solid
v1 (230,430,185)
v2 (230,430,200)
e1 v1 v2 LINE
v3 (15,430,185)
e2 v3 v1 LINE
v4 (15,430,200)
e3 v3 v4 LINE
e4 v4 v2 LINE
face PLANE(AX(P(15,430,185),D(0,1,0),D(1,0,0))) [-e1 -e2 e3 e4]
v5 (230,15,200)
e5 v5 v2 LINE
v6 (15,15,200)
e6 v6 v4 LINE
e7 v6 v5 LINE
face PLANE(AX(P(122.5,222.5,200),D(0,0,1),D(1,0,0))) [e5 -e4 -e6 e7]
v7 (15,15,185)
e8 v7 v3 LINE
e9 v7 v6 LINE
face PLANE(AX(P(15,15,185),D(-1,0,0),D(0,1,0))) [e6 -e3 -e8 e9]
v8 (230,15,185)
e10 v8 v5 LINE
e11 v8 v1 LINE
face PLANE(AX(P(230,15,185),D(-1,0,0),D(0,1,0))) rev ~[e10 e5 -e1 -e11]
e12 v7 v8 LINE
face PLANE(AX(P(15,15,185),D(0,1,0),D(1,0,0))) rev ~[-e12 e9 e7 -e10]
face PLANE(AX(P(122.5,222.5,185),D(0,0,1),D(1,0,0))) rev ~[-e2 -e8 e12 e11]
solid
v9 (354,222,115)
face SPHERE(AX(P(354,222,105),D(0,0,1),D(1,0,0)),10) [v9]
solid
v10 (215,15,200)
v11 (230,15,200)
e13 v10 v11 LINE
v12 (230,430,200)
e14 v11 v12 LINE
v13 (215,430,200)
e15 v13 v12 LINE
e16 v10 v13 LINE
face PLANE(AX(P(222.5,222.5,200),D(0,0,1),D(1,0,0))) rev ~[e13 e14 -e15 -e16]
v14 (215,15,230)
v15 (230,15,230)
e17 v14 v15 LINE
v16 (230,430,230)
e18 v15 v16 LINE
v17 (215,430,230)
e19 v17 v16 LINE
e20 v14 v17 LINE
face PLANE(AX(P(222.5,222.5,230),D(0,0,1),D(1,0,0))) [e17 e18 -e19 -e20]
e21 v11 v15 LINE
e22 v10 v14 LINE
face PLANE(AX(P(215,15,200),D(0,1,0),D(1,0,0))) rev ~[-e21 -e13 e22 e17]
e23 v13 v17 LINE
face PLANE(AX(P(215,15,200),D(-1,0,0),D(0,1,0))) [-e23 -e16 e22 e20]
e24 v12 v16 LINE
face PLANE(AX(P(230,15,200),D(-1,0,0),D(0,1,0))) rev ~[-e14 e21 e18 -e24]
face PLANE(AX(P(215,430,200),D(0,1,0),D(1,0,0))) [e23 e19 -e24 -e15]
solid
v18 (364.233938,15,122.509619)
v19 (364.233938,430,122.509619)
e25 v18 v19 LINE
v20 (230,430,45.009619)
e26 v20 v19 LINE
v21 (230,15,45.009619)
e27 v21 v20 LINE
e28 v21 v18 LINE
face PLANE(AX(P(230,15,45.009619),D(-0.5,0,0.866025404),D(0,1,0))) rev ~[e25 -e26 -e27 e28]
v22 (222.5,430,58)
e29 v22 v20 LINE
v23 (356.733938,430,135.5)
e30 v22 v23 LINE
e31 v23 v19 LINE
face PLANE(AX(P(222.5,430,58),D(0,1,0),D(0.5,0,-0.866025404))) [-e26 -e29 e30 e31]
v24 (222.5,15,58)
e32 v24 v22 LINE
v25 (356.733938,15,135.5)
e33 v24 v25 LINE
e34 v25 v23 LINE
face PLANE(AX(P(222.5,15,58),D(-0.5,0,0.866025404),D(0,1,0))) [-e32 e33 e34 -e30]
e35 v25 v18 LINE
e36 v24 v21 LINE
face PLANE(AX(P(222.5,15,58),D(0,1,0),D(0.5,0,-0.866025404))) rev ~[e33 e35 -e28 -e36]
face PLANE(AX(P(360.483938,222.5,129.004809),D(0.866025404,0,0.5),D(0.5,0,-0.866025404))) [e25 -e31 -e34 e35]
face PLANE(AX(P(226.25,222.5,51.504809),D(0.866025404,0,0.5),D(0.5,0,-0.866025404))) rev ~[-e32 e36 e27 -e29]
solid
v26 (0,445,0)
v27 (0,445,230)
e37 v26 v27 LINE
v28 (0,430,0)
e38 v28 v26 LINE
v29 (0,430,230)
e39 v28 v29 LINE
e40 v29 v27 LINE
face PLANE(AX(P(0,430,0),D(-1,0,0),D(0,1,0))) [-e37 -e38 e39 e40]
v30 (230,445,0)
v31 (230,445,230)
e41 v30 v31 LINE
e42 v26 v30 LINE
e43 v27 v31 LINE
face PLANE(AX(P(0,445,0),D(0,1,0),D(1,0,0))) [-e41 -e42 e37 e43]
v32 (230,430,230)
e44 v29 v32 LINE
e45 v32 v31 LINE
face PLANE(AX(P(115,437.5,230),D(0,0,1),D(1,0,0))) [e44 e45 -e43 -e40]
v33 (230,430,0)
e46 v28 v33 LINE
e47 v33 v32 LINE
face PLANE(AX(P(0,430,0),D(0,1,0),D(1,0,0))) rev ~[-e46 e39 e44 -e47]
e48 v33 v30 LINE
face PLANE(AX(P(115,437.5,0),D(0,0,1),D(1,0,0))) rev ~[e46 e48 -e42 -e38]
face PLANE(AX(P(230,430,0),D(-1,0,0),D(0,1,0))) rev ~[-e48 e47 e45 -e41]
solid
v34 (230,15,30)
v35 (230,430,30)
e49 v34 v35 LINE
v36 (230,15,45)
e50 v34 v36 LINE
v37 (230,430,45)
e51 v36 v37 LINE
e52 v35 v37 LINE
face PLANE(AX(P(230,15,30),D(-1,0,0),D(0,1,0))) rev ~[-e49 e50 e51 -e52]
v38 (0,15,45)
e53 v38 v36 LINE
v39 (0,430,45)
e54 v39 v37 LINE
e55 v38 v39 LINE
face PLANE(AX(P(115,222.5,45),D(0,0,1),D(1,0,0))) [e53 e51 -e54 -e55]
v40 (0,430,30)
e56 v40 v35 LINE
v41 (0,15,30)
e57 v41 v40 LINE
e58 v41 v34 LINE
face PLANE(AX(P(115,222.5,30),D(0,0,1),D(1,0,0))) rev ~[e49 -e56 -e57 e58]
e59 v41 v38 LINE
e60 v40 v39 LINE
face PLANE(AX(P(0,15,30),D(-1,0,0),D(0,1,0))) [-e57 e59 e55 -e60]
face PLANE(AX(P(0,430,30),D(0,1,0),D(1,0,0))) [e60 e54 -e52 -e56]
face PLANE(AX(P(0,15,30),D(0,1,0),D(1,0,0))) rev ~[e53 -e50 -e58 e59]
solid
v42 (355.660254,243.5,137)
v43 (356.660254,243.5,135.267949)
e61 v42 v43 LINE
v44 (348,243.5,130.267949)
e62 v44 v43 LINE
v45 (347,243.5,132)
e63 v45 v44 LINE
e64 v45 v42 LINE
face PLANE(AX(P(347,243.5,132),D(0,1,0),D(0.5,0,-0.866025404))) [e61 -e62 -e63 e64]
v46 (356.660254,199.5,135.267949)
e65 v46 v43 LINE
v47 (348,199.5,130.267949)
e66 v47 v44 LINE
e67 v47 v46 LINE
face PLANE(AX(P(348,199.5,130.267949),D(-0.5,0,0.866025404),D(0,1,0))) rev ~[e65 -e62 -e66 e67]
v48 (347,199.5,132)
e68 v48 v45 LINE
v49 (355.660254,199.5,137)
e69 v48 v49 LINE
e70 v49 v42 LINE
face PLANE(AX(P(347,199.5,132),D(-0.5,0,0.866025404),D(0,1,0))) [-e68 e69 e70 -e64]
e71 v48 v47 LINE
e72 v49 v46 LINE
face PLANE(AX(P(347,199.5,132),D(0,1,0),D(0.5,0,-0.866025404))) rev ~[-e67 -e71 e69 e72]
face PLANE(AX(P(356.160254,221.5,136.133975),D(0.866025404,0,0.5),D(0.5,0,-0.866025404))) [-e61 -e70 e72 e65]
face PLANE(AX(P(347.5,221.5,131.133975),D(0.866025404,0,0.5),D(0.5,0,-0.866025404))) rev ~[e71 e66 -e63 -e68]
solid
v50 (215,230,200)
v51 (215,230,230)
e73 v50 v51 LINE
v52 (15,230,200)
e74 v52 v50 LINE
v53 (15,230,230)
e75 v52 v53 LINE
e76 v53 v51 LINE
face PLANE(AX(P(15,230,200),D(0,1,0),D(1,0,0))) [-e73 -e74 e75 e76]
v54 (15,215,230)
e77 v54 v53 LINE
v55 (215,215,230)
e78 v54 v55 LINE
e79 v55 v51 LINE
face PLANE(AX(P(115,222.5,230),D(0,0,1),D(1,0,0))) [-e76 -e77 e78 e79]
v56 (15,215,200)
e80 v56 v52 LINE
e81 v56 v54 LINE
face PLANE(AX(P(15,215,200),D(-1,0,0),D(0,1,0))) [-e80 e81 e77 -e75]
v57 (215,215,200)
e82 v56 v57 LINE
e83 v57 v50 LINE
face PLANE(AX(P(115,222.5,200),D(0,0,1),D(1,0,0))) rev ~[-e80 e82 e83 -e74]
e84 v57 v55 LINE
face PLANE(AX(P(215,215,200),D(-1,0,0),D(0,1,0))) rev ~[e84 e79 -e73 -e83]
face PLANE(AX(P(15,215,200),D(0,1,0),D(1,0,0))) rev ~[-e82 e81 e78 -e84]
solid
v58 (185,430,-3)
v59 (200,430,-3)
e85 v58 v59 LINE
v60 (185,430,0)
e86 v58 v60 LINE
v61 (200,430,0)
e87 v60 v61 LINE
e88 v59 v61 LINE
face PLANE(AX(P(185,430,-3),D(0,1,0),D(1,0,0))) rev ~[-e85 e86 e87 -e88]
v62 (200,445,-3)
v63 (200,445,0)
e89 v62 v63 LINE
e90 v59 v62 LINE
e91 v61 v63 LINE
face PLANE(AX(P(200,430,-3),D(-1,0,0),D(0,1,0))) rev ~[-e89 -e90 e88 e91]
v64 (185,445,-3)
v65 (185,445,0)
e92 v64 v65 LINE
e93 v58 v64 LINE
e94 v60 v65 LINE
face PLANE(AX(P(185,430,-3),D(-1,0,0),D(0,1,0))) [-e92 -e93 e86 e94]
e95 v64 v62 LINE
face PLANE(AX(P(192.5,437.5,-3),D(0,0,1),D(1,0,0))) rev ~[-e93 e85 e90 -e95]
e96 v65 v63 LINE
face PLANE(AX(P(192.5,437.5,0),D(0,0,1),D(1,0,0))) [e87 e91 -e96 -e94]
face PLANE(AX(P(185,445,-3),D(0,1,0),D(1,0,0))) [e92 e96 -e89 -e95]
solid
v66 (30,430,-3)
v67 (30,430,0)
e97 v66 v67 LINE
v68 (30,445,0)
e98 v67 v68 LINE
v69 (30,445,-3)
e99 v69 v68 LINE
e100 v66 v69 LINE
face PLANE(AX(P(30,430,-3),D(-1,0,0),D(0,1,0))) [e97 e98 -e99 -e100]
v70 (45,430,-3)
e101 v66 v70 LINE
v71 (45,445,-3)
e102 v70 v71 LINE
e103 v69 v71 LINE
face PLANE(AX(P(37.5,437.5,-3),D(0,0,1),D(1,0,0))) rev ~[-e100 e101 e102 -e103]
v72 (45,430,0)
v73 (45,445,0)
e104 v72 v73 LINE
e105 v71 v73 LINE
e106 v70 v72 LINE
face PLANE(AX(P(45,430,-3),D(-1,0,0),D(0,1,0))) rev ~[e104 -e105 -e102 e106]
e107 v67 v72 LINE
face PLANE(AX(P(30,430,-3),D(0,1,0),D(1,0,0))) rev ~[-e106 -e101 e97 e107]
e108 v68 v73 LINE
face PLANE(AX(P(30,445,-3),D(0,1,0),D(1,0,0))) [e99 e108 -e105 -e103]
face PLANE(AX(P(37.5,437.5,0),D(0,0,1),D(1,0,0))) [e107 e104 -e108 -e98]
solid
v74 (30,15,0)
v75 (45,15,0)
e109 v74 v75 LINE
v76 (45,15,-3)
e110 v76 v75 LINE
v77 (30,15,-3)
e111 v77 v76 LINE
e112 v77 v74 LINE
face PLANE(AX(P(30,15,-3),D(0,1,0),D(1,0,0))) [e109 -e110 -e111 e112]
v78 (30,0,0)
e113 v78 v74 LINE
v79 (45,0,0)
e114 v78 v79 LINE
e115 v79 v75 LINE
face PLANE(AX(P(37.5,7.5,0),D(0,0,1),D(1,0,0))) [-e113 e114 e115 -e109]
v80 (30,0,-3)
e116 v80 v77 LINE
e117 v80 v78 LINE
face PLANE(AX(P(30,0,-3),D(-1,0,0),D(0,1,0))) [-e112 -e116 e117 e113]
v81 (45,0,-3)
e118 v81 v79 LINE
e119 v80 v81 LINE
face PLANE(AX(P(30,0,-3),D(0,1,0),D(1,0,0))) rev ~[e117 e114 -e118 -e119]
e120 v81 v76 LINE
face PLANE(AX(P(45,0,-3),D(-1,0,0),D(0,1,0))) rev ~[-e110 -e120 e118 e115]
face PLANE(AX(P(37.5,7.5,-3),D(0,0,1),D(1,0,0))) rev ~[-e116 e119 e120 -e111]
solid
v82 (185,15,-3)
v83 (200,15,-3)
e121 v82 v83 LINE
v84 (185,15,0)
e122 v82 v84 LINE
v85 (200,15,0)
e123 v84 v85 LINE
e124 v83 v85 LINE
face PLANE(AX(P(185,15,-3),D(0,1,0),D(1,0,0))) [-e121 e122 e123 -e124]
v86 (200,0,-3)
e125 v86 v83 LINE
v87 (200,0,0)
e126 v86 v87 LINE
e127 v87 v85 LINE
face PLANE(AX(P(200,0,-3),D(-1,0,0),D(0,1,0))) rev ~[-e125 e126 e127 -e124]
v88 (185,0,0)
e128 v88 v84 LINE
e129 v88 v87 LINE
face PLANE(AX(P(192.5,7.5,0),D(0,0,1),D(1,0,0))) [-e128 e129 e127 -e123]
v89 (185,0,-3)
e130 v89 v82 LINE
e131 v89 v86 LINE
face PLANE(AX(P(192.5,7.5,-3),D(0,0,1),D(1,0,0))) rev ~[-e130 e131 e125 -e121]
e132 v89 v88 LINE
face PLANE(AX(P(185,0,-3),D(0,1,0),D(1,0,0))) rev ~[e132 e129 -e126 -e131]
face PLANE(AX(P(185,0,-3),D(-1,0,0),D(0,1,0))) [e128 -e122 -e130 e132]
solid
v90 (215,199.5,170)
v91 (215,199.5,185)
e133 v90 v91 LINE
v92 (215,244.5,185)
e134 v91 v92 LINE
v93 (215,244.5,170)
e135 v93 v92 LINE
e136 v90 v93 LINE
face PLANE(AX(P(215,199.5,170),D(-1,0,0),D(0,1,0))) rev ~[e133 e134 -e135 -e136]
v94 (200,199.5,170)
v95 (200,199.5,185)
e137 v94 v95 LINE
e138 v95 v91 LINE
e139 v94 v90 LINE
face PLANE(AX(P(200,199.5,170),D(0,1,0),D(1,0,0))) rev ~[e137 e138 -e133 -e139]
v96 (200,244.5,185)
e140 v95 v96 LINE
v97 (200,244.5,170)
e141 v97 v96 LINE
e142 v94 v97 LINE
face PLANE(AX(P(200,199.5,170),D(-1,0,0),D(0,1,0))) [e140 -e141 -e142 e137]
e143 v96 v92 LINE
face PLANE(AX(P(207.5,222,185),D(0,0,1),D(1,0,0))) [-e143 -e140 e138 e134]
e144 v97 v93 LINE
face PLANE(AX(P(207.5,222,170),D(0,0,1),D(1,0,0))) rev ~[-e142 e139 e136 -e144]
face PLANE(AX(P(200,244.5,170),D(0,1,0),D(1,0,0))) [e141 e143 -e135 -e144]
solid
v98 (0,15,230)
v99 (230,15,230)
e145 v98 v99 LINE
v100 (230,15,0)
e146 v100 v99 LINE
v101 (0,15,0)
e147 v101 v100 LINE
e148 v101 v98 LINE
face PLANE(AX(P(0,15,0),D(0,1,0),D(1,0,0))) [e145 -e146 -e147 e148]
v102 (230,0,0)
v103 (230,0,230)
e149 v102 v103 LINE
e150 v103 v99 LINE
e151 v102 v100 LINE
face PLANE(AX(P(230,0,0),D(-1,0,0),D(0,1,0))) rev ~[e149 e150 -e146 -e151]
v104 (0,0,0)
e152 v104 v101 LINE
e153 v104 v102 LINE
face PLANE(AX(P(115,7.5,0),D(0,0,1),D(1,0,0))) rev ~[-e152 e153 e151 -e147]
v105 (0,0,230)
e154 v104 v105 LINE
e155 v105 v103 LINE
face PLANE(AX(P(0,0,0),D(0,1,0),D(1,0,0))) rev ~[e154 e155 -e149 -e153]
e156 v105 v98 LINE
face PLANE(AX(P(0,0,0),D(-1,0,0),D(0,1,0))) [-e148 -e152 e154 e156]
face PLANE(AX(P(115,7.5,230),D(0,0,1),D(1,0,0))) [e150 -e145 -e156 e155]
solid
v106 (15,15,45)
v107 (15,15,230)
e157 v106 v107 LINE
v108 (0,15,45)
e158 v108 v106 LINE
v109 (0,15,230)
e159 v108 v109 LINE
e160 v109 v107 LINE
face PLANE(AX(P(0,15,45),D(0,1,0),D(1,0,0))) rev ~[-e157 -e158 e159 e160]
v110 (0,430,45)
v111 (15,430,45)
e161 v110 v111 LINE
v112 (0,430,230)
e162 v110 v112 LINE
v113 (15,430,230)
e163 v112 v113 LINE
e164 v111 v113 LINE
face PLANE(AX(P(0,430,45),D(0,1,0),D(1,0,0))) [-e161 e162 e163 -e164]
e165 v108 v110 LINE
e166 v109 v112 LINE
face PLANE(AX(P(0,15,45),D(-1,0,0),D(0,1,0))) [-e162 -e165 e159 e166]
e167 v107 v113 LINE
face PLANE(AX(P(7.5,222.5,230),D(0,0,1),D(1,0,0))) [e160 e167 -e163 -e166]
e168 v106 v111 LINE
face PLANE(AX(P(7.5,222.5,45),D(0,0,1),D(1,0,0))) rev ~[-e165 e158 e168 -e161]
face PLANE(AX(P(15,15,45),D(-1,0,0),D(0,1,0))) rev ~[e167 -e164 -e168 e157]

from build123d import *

# Parameters (mm, degrees)
BOX_W              = 230
BOX_H              = 15
BOX_DEPTH          = 230
BOX001_W           = 215
BOX001_H           = 415
BOX001_DEPTH       = 15
BOX002_W           = 230
BOX002_H           = 15
BOX002_DEPTH       = 230
BOX003_W           = 200
BOX003_H           = 15
BOX003_DEPTH       = 30
BOX005_W           = 15
BOX005_H           = 415
BOX005_DEPTH       = 30
BOX006_W           = 15
BOX006_H           = 415
BOX006_DEPTH       = 185
BOX007_W           = 230
BOX007_H           = 415
BOX007_DEPTH       = 15
BOX008_W           = 15
BOX008_H           = 415
BOX008_DEPTH       = 155
BOX008_PITCH_ANGLE = 60
BOX010_W           = 15
BOX010_H           = 45
BOX010_DEPTH       = 15
BOX011_W           = 2
BOX011_H           = 44
BOX011_DEPTH       = 10
BOX011_PITCH_ANGLE = 60
BOX012_W           = 15
BOX012_H           = 15
BOX012_DEPTH       = 3
BOX013_W           = 15
BOX013_H           = 15
BOX013_DEPTH       = 3
BOX014_W           = 15
BOX014_H           = 15
BOX014_DEPTH       = 3
BOX015_W           = 15
BOX015_H           = 15
BOX015_DEPTH       = 3


with BuildPart() as suportelateralverticalesquerdo:
    # Box → Box (new body)
    with BuildSketch(Plane.XY):
        with Locations((115, 7.5)):
            Rectangle(BOX_W, BOX_H)
    extrude(amount=BOX_DEPTH)


with BuildPart() as tamposuperiorhorizontal:
    # Box001 → Box001 (new body)
    with BuildSketch(Plane(origin=(15, 15, 185), x_dir=(1, 0, 0), z_dir=(0, 0, 1))):
        with Locations((107.5, 207.5)):
            Rectangle(BOX001_W, BOX001_H)
    extrude(amount=BOX001_DEPTH)


with BuildPart() as suportelateralverticaldireito:
    # Box002 → Box002 (new body)
    with BuildSketch(Plane(origin=(0, 430, 0), x_dir=(1, 0, 0), z_dir=(0, 0, 1))):
        with Locations((115, 7.5)):
            Rectangle(BOX002_W, BOX002_H)
    extrude(amount=BOX002_DEPTH)


with BuildPart() as suporteverticalmeio:
    # Box003 → Box003 (new body)
    with BuildSketch(Plane(origin=(15, 215, 200), x_dir=(1, 0, 0), z_dir=(0, 0, 1))):
        with Locations((100, 7.5)):
            Rectangle(BOX003_W, BOX003_H)
    extrude(amount=BOX003_DEPTH)


with BuildPart() as suportefrentesuperiorvertical:
    # Box005 → Box005 (new body)
    with BuildSketch(Plane(origin=(215, 15, 200), x_dir=(1, 0, 0), z_dir=(0, 0, 1))):
        with Locations((7.5, 207.5)):
            Rectangle(BOX005_W, BOX005_H)
    extrude(amount=BOX005_DEPTH)


with BuildPart() as suportefundoinferiorvertical:
    # Box006 → Box006 (new body)
    with BuildSketch(Plane(origin=(0, 15, 45), x_dir=(1, 0, 0), z_dir=(0, 0, 1))):
        with Locations((7.5, 207.5)):
            Rectangle(BOX006_W, BOX006_H)
    extrude(amount=BOX006_DEPTH)


with BuildPart() as tampoinferiorhorizontal:
    # Box007 → Box007 (new body)
    with BuildSketch(Plane(origin=(0, 15, 30), x_dir=(1, 0, 0), z_dir=(0, 0, 1))):
        with Locations((115, 207.5)):
            Rectangle(BOX007_W, BOX007_H)
    extrude(amount=BOX007_DEPTH)


with BuildPart() as tampabasculante:
    # Box008 → Box008 (new body)
    with BuildSketch(Plane.XY):
        with Locations((7.5, 207.5)):
            Rectangle(BOX008_W, BOX008_H)
    extrude(amount=BOX008_DEPTH)


with BuildPart() as tampabasculante_1:
    # Box008 pitch: moved
    add(tampabasculante.part.rotate(Axis((0, 0, 0), (0, 1, 0)), BOX008_PITCH_ANGLE))


with BuildPart() as tampabasculante_2:
    # Box008 placement: moved
    add(tampabasculante_1.part.moved(Location((222.5, 15, 58))))


with BuildPart() as imadamesa_superiorhorizontal:
    # Box010 → Box010 (new body)
    with BuildSketch(Plane(origin=(200, 199.5, 170), x_dir=(1, 0, 0), z_dir=(0, 0, 1))):
        with Locations((7.5, 22.5)):
            Rectangle(BOX010_W, BOX010_H)
    extrude(amount=BOX010_DEPTH)


with BuildPart() as chapadoima:
    # Box011 → Box011 (new body)
    with BuildSketch(Plane.XY):
        with Locations((1, 22)):
            Rectangle(BOX011_W, BOX011_H)
    extrude(amount=BOX011_DEPTH)


with BuildPart() as chapadoima_1:
    # Box011 pitch: moved
    add(chapadoima.part.rotate(Axis((0, 0, 0), (0, 1, 0)), BOX011_PITCH_ANGLE))


with BuildPart() as chapadoima_2:
    # Box011 placement: moved
    add(chapadoima_1.part.moved(Location((347, 199.5, 132))))


with BuildPart() as puxador:
    # Sphere → Sphere (revolve)
    with BuildSketch(Plane(origin=(354, 222, 105), x_dir=(1, 0, 0), z_dir=(0, -1, 0))):
        with BuildLine():
            ThreePointArc((0, -10), (10, 0), (0, 10))
            Line((0, 10), (0, -10))
        make_face()
    revolve(axis=Axis((354, 222, 105), (0, 0, 1)))


with BuildPart() as cube:
    # Box012 → Box012 (new body)
    with BuildSketch(Plane(origin=(30, 0, -3), x_dir=(1, 0, 0), z_dir=(0, 0, 1))):
        with Locations((7.5, 7.5)):
            Rectangle(BOX012_W, BOX012_H)
    extrude(amount=BOX012_DEPTH)


with BuildPart() as cube001:
    # Box013 → Box013 (new body)
    with BuildSketch(Plane(origin=(185, 0, -3), x_dir=(1, 0, 0), z_dir=(0, 0, 1))):
        with Locations((7.5, 7.5)):
            Rectangle(BOX013_W, BOX013_H)
    extrude(amount=BOX013_DEPTH)


with BuildPart() as cube002:
    # Box014 → Box014 (new body)
    with BuildSketch(Plane(origin=(30, 430, -3), x_dir=(1, 0, 0), z_dir=(0, 0, 1))):
        with Locations((7.5, 7.5)):
            Rectangle(BOX014_W, BOX014_H)
    extrude(amount=BOX014_DEPTH)


with BuildPart() as cube003:
    # Box015 → Box015 (new body)
    with BuildSketch(Plane(origin=(185, 430, -3), x_dir=(1, 0, 0), z_dir=(0, 0, 1))):
        with Locations((7.5, 7.5)):
            Rectangle(BOX015_W, BOX015_H)
    extrude(amount=BOX015_DEPTH)


solid = Compound([suportelateralverticalesquerdo.part, tamposuperiorhorizontal.part, suportelateralverticaldireito.part, suporteverticalmeio.part, suportefrentesuperiorvertical.part, suportefundoinferiorvertical.part, tampoinferiorhorizontal.part, tampabasculante_2.part, imadamesa_superiorhorizontal.part, chapadoima_2.part, puxador.part, cube.part, cube001.part, cube002.part, cube003.part])
